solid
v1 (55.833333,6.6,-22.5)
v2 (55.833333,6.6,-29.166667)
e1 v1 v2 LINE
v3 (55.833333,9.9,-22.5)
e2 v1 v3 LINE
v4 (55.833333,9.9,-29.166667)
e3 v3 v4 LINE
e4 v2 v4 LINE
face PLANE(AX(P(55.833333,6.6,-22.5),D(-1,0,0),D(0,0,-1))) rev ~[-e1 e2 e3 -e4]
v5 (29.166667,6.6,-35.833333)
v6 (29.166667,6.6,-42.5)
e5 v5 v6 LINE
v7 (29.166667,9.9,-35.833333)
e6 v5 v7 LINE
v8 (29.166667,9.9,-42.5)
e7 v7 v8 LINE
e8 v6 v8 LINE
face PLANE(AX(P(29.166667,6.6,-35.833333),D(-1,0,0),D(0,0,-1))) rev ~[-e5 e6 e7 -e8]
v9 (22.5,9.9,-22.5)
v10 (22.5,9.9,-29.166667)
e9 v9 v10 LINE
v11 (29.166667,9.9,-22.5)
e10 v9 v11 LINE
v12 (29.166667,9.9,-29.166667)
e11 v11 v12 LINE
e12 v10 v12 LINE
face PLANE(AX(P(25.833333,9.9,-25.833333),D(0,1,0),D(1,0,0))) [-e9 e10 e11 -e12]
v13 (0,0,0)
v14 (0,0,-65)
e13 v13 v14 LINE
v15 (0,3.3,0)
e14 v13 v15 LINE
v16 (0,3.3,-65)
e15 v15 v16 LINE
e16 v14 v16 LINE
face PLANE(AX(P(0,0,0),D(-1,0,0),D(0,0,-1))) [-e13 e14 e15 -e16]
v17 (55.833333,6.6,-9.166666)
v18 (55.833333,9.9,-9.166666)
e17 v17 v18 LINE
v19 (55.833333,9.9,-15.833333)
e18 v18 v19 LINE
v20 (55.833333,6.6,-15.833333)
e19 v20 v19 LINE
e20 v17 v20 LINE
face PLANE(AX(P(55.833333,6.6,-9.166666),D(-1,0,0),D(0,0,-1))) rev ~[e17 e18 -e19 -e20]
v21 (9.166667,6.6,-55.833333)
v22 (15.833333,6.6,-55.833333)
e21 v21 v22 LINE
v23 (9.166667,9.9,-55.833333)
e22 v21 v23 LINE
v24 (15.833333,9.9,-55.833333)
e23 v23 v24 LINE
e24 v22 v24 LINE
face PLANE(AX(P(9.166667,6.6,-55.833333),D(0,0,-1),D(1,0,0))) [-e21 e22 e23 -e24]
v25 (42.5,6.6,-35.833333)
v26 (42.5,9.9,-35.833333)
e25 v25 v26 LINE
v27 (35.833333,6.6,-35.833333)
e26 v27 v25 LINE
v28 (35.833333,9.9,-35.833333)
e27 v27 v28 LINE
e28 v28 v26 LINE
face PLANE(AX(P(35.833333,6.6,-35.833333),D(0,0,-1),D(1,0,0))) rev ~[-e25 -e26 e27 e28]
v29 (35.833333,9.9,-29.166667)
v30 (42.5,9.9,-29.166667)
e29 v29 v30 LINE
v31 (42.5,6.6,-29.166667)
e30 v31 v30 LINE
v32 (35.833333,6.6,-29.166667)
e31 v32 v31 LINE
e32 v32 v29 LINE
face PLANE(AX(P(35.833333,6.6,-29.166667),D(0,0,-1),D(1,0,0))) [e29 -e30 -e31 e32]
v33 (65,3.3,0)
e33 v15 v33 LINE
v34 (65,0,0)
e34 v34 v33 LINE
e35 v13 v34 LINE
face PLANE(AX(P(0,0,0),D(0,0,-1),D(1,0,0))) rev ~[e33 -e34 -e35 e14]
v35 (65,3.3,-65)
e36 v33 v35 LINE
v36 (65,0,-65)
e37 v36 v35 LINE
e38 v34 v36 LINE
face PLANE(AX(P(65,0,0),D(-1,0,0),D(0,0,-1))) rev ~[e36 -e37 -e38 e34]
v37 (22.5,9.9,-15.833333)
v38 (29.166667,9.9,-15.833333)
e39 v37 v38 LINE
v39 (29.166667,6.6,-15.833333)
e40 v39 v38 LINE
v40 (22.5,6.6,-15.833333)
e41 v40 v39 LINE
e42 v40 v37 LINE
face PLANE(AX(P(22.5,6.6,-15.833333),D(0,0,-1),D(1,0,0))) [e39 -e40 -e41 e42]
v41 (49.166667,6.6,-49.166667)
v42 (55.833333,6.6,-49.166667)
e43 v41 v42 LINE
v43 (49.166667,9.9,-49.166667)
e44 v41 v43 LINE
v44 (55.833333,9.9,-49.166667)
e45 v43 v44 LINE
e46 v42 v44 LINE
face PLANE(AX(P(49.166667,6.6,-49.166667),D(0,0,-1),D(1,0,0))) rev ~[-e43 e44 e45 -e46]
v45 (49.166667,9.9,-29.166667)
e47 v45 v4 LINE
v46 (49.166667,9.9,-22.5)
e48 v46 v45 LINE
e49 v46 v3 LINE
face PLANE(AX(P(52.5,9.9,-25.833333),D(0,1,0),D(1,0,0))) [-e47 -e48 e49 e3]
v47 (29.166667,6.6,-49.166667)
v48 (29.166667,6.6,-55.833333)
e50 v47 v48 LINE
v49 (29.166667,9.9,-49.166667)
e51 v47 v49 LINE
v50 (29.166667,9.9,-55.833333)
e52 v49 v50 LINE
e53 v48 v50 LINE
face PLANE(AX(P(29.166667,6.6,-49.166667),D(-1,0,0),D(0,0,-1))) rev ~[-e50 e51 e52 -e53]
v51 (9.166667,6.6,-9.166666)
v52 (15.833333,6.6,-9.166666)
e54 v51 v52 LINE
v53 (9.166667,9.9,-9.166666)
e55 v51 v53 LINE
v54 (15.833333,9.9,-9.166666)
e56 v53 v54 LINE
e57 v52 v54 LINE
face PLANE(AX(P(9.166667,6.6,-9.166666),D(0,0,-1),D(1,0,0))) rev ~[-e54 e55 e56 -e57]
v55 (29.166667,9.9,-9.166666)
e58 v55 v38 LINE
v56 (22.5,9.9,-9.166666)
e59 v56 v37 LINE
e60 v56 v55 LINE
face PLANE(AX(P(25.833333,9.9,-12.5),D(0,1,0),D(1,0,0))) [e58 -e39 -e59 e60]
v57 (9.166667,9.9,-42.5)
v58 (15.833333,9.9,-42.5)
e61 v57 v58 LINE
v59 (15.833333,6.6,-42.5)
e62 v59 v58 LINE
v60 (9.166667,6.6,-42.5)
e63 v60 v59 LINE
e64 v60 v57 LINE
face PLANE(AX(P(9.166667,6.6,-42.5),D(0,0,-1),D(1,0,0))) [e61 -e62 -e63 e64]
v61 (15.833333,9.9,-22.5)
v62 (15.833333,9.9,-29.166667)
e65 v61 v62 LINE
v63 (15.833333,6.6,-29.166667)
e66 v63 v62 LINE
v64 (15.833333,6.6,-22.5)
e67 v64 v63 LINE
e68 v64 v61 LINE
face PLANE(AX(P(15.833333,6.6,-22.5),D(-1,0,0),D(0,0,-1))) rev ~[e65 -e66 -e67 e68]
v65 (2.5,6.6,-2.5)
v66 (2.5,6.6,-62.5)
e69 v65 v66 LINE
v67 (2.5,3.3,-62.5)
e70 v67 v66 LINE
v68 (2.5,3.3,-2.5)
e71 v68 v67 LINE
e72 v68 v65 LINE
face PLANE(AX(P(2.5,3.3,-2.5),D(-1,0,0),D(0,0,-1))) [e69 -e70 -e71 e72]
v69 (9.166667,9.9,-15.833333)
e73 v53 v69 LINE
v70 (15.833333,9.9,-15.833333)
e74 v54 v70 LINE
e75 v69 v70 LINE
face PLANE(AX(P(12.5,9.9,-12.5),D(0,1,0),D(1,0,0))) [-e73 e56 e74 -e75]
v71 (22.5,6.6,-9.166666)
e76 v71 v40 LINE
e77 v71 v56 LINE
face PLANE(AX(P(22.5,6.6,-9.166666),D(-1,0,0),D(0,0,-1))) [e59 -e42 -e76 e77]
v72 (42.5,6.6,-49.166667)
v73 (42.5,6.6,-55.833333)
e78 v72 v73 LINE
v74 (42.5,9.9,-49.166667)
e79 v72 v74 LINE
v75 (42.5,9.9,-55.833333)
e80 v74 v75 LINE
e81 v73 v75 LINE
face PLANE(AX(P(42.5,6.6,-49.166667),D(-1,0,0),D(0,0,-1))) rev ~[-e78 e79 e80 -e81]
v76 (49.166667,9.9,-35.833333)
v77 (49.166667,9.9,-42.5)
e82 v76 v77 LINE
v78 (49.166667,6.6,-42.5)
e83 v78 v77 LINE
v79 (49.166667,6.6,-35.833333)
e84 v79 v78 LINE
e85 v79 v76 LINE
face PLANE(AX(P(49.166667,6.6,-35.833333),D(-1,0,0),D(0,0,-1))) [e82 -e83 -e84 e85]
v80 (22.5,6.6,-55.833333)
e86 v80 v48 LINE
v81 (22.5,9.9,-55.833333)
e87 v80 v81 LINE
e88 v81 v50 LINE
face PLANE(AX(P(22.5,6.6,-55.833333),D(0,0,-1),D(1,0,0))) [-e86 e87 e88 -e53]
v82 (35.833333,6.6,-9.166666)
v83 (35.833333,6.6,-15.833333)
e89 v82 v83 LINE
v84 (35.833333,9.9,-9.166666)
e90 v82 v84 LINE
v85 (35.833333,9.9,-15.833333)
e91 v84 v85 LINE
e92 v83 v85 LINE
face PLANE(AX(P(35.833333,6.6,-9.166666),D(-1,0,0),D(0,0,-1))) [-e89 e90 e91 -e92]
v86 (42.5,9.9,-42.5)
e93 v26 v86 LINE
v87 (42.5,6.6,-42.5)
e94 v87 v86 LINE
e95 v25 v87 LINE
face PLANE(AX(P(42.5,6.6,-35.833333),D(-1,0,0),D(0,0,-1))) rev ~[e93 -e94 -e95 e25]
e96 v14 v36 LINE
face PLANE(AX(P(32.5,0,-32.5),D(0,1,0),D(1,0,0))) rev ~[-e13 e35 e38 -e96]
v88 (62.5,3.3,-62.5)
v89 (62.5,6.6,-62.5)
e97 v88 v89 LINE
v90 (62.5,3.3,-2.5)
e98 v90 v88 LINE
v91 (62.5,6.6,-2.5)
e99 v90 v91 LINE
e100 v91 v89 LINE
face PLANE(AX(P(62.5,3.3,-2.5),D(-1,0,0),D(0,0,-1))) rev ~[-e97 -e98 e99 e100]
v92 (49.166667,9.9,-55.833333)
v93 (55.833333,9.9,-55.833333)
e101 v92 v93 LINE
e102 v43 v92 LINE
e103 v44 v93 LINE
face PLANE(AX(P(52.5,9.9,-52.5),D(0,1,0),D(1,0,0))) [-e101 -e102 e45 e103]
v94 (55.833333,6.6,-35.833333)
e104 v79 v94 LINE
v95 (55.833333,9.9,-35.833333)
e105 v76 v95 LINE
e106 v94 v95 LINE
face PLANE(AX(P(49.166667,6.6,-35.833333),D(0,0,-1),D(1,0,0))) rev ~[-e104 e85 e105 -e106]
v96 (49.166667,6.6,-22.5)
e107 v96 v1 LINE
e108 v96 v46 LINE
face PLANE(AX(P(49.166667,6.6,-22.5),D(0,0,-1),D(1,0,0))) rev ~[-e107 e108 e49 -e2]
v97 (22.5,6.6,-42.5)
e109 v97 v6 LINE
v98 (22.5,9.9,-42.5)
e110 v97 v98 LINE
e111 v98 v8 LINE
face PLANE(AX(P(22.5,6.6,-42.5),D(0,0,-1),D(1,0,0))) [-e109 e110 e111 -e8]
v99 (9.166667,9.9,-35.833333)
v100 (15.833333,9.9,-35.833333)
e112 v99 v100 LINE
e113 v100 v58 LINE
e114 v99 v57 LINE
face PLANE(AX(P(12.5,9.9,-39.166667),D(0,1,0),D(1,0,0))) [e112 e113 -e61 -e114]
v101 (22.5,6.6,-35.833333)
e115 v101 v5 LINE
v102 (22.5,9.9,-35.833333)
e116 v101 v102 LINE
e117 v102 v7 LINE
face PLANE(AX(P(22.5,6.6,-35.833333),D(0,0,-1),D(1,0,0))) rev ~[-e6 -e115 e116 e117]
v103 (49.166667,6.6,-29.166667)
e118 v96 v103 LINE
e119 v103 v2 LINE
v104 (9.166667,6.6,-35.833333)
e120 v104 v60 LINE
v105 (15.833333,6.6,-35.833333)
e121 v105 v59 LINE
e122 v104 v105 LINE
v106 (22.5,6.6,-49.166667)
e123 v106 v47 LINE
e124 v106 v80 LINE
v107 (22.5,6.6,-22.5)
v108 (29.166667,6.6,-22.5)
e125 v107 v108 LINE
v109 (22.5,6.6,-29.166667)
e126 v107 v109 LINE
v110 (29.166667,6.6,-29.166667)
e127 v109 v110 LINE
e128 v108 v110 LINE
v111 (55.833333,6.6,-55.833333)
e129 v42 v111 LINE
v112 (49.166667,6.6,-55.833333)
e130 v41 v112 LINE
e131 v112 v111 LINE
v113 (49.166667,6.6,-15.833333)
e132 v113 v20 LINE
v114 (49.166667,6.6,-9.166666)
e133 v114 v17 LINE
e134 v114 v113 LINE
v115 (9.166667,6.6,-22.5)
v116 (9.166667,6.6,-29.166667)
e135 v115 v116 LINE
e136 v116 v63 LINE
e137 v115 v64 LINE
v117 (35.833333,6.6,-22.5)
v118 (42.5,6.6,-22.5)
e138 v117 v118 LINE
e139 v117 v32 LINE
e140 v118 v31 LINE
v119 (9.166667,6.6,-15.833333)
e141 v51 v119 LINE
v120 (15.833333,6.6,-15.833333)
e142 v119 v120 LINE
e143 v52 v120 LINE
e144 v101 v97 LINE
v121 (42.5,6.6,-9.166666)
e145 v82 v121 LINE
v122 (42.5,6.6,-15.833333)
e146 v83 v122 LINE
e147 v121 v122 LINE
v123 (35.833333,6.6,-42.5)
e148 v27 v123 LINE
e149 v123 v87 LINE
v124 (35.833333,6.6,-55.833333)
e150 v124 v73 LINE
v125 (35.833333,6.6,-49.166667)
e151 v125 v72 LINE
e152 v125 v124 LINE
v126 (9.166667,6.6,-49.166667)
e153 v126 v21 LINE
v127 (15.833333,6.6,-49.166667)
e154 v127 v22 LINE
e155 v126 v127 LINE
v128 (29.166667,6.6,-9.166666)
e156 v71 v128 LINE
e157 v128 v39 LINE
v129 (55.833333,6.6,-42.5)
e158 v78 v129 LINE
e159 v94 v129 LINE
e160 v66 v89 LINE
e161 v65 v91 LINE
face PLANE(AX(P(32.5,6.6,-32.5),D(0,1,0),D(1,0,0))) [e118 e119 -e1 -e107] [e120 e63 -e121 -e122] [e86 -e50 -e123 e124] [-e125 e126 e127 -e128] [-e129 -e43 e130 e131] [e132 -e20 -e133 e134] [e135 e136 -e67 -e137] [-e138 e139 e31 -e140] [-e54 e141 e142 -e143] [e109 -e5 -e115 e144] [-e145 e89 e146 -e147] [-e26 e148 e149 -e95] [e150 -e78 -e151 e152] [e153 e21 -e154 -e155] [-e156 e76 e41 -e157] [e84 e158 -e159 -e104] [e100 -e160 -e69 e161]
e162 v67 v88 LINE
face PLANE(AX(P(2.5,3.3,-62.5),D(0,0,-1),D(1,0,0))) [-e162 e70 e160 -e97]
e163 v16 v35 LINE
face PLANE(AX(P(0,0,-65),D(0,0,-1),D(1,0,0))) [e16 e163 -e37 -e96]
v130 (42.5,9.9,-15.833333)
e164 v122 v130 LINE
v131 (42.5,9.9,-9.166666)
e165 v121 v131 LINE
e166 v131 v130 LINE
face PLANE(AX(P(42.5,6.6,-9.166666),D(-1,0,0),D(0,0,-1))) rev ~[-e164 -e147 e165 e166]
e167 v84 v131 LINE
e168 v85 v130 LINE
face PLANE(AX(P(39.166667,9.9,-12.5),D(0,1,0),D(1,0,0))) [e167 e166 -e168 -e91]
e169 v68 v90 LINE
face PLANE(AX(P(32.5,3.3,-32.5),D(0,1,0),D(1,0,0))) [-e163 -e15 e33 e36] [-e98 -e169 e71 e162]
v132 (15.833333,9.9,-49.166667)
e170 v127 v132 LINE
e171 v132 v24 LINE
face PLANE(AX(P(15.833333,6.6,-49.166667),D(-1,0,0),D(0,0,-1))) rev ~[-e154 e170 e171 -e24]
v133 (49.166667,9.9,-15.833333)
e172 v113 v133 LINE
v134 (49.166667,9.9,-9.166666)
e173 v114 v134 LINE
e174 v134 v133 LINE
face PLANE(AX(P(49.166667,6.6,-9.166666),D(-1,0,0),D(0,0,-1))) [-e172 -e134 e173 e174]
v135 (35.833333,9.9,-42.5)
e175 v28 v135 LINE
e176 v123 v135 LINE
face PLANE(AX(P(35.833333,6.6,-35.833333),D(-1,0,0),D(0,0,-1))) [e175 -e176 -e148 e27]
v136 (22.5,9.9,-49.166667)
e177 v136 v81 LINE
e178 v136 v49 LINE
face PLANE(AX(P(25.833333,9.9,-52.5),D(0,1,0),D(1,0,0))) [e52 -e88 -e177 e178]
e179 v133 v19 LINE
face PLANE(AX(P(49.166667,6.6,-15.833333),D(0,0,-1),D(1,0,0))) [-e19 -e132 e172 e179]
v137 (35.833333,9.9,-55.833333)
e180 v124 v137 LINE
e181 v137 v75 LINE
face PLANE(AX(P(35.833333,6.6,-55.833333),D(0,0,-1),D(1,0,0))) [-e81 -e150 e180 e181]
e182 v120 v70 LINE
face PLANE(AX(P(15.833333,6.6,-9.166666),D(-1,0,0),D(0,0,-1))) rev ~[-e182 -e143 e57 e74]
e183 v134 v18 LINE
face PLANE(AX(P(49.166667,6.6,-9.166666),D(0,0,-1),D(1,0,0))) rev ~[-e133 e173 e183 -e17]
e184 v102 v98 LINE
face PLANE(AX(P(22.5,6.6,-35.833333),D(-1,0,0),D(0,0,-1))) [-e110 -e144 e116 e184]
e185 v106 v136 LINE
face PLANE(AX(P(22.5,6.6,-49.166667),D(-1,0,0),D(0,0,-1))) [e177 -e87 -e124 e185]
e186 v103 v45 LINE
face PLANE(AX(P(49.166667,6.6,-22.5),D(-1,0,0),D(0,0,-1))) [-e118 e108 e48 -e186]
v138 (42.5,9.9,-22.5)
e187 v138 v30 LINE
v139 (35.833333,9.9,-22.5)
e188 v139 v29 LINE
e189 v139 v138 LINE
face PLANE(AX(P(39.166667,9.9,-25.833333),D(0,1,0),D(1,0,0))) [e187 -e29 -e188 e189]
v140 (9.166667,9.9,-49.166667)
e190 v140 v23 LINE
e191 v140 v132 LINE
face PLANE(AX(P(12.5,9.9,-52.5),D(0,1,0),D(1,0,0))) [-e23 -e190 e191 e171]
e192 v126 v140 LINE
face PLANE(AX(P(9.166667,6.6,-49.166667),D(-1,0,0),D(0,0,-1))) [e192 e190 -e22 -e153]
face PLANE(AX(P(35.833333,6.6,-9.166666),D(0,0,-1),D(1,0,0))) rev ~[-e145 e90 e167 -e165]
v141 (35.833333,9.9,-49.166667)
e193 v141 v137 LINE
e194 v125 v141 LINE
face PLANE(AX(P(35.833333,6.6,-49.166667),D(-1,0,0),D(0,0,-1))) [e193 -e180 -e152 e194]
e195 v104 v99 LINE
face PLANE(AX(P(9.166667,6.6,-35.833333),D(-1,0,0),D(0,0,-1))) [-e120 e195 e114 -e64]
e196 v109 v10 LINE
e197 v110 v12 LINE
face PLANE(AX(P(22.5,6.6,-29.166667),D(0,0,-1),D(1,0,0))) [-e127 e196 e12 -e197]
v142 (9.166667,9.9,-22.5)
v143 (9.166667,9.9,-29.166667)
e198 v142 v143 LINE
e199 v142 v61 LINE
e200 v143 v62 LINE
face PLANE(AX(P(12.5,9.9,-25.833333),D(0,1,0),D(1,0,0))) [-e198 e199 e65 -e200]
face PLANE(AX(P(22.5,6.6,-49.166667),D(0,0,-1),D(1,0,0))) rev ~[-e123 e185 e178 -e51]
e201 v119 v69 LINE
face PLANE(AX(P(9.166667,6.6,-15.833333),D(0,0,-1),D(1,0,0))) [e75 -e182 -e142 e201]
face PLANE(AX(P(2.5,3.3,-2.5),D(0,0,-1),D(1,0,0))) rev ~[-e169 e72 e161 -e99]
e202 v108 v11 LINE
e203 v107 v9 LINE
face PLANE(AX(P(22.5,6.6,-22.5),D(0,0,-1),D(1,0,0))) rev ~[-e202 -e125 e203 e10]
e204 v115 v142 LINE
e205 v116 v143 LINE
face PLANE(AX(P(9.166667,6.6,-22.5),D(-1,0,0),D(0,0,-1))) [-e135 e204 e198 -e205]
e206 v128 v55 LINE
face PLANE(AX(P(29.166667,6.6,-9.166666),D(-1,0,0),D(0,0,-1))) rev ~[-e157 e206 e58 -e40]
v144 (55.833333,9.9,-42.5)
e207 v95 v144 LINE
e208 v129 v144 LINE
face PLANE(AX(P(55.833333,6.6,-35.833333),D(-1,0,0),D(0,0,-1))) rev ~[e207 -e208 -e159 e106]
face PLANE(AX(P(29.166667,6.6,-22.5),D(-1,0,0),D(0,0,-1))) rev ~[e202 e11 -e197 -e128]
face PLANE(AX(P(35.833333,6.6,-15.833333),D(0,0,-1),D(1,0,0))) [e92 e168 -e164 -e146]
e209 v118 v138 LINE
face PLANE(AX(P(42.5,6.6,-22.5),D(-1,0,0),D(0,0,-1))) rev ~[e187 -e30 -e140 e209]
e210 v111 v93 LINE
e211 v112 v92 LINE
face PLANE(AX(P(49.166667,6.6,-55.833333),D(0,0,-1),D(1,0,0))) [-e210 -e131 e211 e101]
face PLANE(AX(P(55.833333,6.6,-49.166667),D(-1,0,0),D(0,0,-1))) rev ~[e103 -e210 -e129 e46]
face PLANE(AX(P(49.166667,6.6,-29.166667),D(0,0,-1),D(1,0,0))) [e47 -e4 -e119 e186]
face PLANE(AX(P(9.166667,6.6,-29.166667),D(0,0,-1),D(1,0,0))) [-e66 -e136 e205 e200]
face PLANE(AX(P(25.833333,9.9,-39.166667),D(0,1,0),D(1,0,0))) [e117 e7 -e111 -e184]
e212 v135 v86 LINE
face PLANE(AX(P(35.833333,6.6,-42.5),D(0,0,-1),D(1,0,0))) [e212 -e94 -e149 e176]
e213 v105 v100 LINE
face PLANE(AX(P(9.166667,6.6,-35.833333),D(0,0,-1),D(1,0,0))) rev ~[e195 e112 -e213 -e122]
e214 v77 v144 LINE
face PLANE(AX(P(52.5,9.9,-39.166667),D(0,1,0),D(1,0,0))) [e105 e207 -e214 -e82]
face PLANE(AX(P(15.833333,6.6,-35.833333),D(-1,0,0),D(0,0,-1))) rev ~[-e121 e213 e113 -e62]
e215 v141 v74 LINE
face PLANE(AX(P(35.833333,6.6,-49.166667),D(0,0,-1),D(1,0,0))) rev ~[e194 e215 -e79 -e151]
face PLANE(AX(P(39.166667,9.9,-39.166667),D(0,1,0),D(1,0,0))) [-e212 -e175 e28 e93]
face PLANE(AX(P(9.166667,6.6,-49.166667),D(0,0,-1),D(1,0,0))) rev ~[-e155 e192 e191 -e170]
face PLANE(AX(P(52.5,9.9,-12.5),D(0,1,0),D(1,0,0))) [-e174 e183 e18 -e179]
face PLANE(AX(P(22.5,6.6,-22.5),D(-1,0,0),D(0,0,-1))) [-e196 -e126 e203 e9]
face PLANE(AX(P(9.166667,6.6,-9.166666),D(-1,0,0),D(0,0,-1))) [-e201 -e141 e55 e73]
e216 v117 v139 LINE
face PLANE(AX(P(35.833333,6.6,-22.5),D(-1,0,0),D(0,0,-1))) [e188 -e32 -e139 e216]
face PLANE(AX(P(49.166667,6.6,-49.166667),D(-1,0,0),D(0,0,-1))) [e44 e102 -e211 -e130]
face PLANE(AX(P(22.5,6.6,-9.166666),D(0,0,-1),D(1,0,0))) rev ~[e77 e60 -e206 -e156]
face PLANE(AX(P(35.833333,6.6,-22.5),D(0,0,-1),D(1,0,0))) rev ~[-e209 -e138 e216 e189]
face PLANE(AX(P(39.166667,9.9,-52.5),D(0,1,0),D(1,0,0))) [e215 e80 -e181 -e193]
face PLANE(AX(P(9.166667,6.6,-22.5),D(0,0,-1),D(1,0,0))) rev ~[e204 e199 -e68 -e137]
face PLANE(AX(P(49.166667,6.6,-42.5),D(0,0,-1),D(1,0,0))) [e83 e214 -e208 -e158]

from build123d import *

# Parameters (mm, degrees)
SKETCH1_W           = 65
SKETCH1_H           = 65
BOSS_EXTRUDE1_DEPTH = 3.3
SKETCH2_W           = 60
SKETCH2_H           = 60
BOSS_EXTRUDE2_DEPTH = 3.3
SKETCH3_W           = 6.666666666
SKETCH3_H           = 6.666666666
SKETCH3_W_2         = 6.666666667
BOSS_EXTRUDE3_DEPTH = 3.3
LPATTERN1_COUNT     = 4
LPATTERN1_PITCH     = 13.3333334


with BuildPart() as part:
    # Sketch1 → Boss-Extrude1 (new body)
    with BuildSketch(Plane(origin=(0, 0, 0), x_dir=(1, 0, 0), z_dir=(0, 1, 0))):
        with Locations((32.5, 32.5)):
            Rectangle(SKETCH1_W, SKETCH1_H)
    extrude(amount=BOSS_EXTRUDE1_DEPTH)

    # Sketch2 → Boss-Extrude2 (add)
    with BuildSketch(Plane(origin=(0, 3.3, 0), x_dir=(1, 0, 0), z_dir=(0, 1, 0))):
        with Locations((32.5, 32.5)):
            Rectangle(SKETCH2_W, SKETCH2_H)
    extrude(amount=BOSS_EXTRUDE2_DEPTH)

    # Sketch3 → Boss-Extrude3 (add)
    with BuildSketch(Plane(origin=(0, 6.6, 0), x_dir=(1, 0, 0), z_dir=(0, 1, 0))):
        with Locations((12.5, 52.5)):
            Rectangle(SKETCH3_W, SKETCH3_H)
        with Locations((25.833333334, 52.5)):
            Rectangle(SKETCH3_W_2, SKETCH3_H)
        with Locations((39.166666666, 52.5)):
            Rectangle(SKETCH3_W_2, SKETCH3_H)
        with Locations((52.5, 52.5)):
            Rectangle(SKETCH3_W, SKETCH3_H)
    boss_extrude3 = extrude(amount=BOSS_EXTRUDE3_DEPTH)

    # LPattern1: Boss-Extrude3 ×4
    with Locations(*[(0, 0, i * LPATTERN1_PITCH) for i in range(1, LPATTERN1_COUNT)]):
        add(boss_extrude3)


solid = part.part
